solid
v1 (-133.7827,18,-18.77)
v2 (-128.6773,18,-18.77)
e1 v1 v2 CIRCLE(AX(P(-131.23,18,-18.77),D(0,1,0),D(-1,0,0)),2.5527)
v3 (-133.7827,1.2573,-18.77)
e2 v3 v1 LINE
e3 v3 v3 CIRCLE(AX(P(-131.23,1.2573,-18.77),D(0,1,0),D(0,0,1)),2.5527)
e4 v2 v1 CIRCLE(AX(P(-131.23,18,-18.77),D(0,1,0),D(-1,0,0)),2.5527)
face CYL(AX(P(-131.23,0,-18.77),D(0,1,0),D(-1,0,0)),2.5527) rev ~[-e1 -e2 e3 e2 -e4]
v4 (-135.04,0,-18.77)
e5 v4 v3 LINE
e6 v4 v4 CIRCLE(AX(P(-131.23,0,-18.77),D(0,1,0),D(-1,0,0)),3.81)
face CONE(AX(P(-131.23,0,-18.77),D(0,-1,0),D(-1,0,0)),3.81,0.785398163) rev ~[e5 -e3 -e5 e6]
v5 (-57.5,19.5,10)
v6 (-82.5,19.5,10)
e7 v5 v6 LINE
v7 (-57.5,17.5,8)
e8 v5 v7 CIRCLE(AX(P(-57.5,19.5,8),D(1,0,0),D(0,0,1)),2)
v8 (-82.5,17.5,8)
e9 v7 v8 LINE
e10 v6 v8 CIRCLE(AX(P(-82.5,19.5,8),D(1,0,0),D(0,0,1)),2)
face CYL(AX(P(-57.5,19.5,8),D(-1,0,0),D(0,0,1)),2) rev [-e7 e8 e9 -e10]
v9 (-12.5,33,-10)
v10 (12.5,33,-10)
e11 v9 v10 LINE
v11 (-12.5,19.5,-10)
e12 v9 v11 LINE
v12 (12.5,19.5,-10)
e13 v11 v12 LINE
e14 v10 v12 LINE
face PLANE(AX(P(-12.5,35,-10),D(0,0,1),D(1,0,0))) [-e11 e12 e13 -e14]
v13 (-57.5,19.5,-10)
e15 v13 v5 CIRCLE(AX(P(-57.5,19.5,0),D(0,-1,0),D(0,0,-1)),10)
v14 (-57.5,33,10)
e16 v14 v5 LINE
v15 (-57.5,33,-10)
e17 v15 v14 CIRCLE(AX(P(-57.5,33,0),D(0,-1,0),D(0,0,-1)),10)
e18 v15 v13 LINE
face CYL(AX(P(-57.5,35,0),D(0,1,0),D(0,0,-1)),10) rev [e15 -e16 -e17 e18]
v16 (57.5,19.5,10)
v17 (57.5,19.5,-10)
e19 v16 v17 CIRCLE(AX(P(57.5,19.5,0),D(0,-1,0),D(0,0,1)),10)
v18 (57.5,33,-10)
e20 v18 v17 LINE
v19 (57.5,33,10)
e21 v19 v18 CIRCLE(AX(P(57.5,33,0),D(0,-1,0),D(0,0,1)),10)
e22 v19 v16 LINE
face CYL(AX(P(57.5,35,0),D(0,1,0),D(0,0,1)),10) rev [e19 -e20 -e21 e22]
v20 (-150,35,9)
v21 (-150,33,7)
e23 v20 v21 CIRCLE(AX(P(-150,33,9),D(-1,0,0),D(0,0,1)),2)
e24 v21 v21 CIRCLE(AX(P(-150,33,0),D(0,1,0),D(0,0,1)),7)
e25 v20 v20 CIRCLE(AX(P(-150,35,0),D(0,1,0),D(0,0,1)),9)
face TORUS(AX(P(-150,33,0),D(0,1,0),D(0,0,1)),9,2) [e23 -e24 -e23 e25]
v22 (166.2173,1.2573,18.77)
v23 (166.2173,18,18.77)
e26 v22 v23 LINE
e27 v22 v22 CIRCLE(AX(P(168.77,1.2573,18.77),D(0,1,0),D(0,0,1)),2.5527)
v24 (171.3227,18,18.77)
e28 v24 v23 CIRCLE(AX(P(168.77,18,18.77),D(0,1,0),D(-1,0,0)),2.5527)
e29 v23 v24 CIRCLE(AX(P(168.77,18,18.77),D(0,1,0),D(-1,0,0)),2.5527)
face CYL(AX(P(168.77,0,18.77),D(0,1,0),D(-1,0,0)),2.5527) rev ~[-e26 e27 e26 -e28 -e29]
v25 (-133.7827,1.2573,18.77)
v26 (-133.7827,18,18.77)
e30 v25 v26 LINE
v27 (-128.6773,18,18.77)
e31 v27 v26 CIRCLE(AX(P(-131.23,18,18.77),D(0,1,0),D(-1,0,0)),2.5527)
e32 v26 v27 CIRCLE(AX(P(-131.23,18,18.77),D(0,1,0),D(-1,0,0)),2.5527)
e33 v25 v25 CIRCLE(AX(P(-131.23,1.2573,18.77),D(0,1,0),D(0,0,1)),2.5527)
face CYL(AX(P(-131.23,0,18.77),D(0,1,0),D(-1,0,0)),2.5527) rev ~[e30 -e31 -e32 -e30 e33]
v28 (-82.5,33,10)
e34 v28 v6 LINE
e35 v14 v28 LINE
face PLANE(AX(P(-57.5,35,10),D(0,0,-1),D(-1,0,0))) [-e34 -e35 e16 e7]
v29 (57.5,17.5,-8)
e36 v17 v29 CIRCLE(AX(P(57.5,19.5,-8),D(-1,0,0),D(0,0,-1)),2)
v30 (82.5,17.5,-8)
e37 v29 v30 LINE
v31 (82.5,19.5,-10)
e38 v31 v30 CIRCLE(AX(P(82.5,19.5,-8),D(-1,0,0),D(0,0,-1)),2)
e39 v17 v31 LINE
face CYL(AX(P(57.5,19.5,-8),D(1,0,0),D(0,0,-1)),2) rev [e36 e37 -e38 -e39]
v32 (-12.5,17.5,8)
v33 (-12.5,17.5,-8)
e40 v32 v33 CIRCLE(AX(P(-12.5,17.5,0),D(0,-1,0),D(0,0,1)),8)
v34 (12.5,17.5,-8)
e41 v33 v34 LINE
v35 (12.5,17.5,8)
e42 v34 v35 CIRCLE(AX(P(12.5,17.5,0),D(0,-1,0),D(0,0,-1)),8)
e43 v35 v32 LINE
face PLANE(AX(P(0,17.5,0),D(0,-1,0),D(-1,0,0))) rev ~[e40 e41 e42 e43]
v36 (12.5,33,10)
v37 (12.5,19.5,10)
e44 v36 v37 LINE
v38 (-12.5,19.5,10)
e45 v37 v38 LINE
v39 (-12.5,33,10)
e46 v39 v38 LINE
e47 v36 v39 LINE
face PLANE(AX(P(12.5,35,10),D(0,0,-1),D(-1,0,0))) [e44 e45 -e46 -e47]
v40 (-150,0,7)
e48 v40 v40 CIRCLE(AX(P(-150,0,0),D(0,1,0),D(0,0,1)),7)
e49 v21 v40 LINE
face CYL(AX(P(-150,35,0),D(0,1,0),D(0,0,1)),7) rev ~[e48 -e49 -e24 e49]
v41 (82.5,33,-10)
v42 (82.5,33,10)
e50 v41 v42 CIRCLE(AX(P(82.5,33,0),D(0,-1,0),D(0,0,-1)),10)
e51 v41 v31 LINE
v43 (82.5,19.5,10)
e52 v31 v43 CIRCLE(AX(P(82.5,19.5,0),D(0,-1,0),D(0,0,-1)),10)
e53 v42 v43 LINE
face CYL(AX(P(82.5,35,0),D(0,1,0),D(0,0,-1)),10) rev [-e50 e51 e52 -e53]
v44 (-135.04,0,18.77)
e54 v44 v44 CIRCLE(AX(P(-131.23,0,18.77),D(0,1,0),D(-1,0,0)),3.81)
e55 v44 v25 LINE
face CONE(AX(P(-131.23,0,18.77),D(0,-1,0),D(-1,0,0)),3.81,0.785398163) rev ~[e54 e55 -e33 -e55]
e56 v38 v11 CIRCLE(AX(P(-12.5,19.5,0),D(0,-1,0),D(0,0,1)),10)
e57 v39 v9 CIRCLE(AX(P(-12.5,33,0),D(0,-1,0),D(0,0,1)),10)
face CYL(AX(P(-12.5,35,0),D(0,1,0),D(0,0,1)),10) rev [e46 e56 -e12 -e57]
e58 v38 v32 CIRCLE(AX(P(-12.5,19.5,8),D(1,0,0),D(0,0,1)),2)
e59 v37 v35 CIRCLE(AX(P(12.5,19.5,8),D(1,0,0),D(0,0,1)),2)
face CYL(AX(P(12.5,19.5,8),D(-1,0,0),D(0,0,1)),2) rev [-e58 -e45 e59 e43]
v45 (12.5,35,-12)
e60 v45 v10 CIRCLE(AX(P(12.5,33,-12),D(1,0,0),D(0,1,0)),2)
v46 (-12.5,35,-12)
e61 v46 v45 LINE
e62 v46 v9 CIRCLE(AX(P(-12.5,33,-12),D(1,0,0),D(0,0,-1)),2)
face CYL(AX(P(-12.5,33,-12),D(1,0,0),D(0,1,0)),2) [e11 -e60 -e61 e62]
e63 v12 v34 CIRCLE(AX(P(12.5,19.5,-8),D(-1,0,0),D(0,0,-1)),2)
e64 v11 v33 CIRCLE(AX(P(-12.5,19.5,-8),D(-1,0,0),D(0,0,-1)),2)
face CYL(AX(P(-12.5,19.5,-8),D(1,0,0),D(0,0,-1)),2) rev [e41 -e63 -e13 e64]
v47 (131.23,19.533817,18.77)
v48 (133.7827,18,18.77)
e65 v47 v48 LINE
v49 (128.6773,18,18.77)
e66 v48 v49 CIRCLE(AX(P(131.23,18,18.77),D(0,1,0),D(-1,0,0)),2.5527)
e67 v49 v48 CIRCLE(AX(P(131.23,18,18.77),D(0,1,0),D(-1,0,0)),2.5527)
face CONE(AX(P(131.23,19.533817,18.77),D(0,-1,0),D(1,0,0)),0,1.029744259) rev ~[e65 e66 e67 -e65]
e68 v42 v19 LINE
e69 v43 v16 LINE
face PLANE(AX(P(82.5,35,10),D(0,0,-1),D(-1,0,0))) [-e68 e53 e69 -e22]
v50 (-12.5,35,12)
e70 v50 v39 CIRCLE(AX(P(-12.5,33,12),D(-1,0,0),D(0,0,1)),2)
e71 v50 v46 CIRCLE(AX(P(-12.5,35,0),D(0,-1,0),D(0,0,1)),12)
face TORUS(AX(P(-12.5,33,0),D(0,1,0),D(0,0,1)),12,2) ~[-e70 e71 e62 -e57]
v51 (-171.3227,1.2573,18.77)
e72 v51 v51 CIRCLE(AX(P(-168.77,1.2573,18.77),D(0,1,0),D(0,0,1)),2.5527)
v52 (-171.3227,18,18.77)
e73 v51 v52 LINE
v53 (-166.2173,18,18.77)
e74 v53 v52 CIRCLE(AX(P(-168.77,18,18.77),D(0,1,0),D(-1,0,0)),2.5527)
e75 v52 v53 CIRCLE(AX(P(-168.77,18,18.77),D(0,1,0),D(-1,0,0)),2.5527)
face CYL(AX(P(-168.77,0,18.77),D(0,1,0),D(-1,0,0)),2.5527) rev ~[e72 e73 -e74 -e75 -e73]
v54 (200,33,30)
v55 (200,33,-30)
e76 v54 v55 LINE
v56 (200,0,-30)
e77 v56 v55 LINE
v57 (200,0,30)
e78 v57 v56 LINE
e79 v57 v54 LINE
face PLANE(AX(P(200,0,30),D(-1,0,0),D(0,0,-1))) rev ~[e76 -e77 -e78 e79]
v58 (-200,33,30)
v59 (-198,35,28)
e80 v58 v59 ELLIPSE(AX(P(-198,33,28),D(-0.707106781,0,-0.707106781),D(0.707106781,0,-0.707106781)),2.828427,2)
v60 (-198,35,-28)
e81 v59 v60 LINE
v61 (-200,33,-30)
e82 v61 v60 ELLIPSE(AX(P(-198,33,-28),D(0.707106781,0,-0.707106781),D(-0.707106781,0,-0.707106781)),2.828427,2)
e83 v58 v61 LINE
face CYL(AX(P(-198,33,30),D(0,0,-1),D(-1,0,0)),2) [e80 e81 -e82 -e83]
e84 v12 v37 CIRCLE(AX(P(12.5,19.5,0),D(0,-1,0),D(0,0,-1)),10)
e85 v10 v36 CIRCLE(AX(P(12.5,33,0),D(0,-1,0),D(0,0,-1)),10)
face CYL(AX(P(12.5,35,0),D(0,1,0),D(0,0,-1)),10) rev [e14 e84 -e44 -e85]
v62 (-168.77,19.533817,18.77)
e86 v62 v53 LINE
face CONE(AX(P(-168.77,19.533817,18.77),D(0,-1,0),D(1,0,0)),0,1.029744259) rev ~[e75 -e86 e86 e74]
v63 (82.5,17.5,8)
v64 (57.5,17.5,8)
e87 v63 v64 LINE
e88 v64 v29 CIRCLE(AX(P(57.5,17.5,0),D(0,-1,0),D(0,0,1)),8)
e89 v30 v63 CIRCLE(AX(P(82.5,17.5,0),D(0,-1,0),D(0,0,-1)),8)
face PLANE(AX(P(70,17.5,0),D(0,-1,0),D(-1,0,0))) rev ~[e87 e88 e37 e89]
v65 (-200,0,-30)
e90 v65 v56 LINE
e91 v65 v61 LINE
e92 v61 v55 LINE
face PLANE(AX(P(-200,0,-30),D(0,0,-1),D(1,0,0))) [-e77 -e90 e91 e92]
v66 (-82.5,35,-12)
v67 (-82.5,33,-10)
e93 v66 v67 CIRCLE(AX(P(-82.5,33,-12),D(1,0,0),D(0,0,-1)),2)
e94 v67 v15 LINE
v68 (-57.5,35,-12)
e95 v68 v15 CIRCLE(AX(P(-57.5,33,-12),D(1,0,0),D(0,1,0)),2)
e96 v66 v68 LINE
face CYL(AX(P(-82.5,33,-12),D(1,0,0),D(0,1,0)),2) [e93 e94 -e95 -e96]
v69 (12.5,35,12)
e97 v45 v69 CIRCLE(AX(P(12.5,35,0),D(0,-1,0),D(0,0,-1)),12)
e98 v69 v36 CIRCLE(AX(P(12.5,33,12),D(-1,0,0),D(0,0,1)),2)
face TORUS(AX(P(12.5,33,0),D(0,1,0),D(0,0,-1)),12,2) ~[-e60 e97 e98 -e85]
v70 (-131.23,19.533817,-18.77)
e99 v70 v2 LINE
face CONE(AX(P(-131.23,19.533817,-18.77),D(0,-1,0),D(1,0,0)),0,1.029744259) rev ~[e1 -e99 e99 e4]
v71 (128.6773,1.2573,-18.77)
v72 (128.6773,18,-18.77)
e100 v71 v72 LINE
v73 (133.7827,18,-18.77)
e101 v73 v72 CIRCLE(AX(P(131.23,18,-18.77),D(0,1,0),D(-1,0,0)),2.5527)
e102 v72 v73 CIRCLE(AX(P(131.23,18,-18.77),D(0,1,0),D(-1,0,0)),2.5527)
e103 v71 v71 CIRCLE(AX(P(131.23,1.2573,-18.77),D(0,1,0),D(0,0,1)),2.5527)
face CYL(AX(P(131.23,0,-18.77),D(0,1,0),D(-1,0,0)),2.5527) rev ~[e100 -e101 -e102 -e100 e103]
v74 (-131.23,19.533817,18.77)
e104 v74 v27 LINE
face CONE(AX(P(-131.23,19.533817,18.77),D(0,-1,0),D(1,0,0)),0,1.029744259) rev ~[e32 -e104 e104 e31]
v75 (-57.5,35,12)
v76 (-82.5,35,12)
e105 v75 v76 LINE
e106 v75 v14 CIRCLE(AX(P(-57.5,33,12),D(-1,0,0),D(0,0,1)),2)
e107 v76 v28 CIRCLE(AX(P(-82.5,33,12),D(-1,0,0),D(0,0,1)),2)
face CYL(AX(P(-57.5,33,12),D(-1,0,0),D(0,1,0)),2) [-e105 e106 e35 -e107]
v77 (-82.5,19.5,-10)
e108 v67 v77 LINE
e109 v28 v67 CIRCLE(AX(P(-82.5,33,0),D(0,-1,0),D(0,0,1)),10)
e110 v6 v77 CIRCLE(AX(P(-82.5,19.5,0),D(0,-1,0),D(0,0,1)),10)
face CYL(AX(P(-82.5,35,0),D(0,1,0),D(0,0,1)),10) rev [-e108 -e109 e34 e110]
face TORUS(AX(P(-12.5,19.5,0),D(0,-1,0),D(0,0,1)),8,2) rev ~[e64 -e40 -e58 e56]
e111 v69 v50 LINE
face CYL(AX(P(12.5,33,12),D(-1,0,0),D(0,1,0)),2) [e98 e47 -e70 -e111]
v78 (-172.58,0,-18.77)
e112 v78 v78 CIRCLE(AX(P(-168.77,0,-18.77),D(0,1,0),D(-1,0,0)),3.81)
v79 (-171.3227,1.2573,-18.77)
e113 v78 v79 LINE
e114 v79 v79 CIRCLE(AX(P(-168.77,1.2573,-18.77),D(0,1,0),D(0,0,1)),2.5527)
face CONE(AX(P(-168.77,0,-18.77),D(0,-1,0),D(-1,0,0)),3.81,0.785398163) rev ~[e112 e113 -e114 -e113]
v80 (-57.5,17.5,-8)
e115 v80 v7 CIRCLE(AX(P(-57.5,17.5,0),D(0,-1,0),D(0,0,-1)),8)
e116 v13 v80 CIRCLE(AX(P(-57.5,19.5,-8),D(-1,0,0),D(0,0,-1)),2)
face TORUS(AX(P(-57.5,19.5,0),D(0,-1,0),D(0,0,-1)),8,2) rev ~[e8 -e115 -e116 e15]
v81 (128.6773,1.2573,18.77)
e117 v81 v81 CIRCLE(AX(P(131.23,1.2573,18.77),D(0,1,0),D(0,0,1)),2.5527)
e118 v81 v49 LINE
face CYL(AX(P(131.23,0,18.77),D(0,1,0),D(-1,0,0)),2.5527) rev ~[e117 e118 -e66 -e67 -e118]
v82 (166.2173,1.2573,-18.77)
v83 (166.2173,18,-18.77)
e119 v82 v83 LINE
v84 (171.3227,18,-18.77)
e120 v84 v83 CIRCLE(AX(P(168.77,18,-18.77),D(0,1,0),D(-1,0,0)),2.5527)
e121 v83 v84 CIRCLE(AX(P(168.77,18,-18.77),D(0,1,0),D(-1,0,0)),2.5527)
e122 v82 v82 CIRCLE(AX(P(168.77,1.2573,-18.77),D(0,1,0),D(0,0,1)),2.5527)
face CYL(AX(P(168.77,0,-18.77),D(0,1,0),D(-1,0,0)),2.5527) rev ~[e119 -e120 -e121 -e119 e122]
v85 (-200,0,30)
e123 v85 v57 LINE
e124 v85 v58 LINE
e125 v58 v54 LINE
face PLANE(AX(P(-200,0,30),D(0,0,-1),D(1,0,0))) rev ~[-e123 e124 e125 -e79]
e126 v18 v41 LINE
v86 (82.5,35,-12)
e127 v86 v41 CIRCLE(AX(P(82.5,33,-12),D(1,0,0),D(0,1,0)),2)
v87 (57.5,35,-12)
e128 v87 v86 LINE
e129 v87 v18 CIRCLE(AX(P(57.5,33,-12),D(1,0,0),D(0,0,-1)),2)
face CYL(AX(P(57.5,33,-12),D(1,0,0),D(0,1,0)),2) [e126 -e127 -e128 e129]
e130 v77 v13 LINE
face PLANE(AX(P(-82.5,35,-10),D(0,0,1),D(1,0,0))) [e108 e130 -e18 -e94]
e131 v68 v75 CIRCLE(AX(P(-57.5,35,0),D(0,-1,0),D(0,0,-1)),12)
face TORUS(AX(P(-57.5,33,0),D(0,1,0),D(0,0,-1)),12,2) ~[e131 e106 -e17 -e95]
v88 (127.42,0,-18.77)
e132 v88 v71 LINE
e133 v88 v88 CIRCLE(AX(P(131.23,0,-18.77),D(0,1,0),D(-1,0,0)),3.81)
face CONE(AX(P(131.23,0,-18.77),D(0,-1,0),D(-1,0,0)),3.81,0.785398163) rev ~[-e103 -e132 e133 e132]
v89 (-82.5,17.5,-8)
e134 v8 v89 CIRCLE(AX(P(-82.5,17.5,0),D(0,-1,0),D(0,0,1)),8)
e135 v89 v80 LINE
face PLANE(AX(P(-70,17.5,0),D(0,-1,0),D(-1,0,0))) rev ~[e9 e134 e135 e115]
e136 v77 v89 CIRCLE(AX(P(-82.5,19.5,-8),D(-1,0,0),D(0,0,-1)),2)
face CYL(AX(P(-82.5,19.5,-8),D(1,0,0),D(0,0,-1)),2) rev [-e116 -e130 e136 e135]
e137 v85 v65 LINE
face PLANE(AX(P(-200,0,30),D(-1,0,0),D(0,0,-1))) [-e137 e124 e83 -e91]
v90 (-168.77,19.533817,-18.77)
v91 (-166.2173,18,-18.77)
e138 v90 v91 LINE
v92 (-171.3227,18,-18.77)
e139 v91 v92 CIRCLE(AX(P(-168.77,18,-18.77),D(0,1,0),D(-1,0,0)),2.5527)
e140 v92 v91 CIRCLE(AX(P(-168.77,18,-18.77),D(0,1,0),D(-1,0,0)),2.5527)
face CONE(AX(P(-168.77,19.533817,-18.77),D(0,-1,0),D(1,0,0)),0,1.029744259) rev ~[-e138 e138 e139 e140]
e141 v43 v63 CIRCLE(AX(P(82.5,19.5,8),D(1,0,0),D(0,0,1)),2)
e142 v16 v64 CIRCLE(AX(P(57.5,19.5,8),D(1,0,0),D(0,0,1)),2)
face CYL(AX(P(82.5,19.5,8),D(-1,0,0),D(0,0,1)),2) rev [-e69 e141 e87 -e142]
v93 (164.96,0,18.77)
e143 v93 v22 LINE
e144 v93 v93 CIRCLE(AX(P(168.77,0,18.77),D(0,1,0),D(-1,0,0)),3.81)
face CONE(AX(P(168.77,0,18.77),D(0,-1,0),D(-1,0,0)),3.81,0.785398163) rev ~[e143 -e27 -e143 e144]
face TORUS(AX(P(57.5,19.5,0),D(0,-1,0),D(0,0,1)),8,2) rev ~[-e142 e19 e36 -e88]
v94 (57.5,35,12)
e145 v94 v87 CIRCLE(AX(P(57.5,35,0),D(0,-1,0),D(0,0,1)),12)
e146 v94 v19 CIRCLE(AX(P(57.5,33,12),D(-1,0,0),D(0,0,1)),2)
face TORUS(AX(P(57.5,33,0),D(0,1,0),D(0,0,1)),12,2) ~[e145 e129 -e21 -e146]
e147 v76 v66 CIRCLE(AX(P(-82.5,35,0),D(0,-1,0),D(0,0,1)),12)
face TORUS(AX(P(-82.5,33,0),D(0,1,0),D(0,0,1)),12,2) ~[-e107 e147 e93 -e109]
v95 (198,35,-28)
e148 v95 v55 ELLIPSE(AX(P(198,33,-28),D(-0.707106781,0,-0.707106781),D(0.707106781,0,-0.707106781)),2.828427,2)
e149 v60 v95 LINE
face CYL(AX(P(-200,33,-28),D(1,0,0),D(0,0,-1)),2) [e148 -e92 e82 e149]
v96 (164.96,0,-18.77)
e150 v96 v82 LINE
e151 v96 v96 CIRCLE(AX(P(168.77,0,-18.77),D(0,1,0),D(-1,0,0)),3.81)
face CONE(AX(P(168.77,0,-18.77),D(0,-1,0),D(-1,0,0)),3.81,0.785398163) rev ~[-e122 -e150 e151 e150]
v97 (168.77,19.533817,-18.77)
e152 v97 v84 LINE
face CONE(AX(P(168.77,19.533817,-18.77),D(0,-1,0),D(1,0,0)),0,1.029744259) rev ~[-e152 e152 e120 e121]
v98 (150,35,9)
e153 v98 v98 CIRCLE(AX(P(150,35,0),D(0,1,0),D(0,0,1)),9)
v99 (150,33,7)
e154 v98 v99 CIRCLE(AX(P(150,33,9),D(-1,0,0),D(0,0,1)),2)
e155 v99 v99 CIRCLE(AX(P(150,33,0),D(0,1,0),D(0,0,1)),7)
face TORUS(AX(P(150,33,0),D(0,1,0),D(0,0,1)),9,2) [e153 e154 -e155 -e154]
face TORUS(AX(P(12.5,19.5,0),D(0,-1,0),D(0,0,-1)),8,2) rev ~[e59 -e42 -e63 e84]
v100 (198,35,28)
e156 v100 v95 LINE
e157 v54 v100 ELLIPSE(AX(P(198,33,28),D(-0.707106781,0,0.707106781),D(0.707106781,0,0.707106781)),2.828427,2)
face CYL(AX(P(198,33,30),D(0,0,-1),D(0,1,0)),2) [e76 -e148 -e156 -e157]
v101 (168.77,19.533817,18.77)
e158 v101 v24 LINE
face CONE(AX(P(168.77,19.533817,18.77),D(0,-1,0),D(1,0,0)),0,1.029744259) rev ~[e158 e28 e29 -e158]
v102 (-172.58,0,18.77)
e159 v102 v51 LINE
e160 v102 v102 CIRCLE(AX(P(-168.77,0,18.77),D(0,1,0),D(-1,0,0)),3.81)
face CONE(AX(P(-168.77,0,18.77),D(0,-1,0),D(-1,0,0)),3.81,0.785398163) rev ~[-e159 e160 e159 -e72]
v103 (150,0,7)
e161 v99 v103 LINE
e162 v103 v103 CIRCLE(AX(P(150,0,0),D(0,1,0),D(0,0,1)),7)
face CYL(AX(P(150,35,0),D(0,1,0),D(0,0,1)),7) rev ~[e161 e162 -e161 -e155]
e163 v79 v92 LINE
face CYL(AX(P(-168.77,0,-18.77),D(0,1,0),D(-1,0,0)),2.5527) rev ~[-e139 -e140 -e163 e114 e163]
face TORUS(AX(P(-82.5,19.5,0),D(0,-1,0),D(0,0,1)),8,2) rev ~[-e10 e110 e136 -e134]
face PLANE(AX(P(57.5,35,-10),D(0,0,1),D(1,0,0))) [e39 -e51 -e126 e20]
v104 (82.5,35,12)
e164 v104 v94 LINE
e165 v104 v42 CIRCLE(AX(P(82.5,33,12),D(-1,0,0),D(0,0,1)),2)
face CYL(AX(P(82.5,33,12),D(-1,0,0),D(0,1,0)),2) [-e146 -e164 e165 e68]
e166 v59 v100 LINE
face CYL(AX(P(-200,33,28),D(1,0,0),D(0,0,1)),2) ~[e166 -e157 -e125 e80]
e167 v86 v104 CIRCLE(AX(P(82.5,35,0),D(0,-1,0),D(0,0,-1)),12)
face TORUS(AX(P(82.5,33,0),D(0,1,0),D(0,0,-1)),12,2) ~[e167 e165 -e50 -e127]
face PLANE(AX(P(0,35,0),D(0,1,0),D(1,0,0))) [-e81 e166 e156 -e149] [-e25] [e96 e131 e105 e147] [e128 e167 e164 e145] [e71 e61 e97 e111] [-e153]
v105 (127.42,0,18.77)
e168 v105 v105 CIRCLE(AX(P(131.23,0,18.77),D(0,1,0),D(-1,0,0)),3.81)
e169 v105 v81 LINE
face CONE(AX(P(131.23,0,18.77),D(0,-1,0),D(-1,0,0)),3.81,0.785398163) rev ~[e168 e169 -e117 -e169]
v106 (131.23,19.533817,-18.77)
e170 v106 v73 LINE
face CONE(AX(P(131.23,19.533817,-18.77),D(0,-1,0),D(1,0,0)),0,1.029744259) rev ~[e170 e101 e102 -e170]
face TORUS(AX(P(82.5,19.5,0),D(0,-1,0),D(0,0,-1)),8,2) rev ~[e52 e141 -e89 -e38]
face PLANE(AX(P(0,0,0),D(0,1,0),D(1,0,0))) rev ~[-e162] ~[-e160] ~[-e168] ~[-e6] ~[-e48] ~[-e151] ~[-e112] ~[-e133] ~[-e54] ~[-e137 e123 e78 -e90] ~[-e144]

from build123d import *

# Parameters (mm, degrees)
SKETCH1_W                         = 400
SKETCH1_H                         = 60
BOSS_EXTRUDE1_DEPTH               = 35
SKETCH2_R                         = 7
CUT_EXTRUDE1_DEPTH                = 206.243757518
F_1_4_20_TAPPED_HOLE1_D           = 5.1054
F_1_4_20_TAPPED_HOLE1_DEPTH       = 18
F_1_4_20_TAPPED_HOLE1_CSINK_D     = 7.62
F_1_4_20_TAPPED_HOLE1_CSINK_ANGLE = 90
F_1_4_20_TAPPED_HOLE1_TIP         = 1.533816902
CUT_EXTRUDE4_DEPTH                = 17.5
FILLET1_R                         = 2


with BuildPart() as part:
    # Sketch1 → Boss-Extrude1 (new body)
    with BuildSketch(Plane(origin=(0, 0, 0), x_dir=(1, 0, 0), z_dir=(0, 1, 0))):
        Rectangle(SKETCH1_W, SKETCH1_H)
    extrude(amount=BOSS_EXTRUDE1_DEPTH)

    # Sketch2 → Cut-Extrude1 (cut, through all)
    with BuildSketch(Plane(origin=(0, 35, 0), x_dir=(1, 0, 0), z_dir=(0, 1, 0))):
        with Locations(Location((-150, 0, 0), (0, 0, 270))):
            Circle(SKETCH2_R)
        with Locations(Location((150, 0, 0), (0, 0, 270))):
            Circle(SKETCH2_R)
    extrude(amount=-CUT_EXTRUDE1_DEPTH, mode=Mode.SUBTRACT)

    # 1/4-20 Tapped Hole1
    with Locations(Plane.XZ):
        with Locations((-168.77, 18.77), (-131.23, 18.77), (-131.23, -18.77), (-168.77, -18.77), (131.23, 18.77), (168.77, 18.77), (168.77, -18.77), (131.23, -18.77)):
            CounterSinkHole(F_1_4_20_TAPPED_HOLE1_D / 2, F_1_4_20_TAPPED_HOLE1_CSINK_D / 2, depth=F_1_4_20_TAPPED_HOLE1_DEPTH, counter_sink_angle=F_1_4_20_TAPPED_HOLE1_CSINK_ANGLE)
            with Locations((0, 0, -(F_1_4_20_TAPPED_HOLE1_DEPTH + F_1_4_20_TAPPED_HOLE1_TIP / 2))):  # 118° drill point
                Cone(0, F_1_4_20_TAPPED_HOLE1_D / 2, F_1_4_20_TAPPED_HOLE1_TIP, mode=Mode.SUBTRACT)

    # Sketch10 → Cut-Extrude4 (cut)
    with BuildSketch(Plane(origin=(0, 35, 0), x_dir=(1, 0, 0), z_dir=(0, 1, 0))):
        with BuildLine():
            Line((-12.5, 10), (12.5, 10))
            ThreePointArc((12.5, 10), (22.5, 0), (12.5, -10))
            Line((12.5, -10), (-12.5, -10))
            ThreePointArc((-12.5, -10), (-22.5, 0), (-12.5, 10))
        make_face()
        with BuildLine():
            Line((57.5, 10), (82.5, 10))
            ThreePointArc((82.5, 10), (92.5, 0), (82.5, -10))
            Line((82.5, -10), (57.5, -10))
            ThreePointArc((57.5, -10), (47.5, 0), (57.5, 10))
        make_face()
        with BuildLine():
            Line((-82.5, 10), (-57.5, 10))
            ThreePointArc((-57.5, 10), (-47.5, 0), (-57.5, -10))
            Line((-57.5, -10), (-82.5, -10))
            ThreePointArc((-82.5, -10), (-92.5, 0), (-82.5, 10))
        make_face()
    extrude(amount=-CUT_EXTRUDE4_DEPTH, mode=Mode.SUBTRACT)

    # Fillet1
    fillet1_edges = [part.edges().sort_by_distance(p)[0] for p in [
        (-92.5, 17.5, 0),
        (-70, 17.5, -10),
        (-47.5, 17.5, 0),
        (-70, 17.5, 10),
        (-92.5, 35, 0),
        (-70, 35, 10),
        (-47.5, 35, 0),
        (-70, 35, -10),
        (47.5, 17.5, 0),
        (70, 17.5, -10),
        (92.5, 17.5, 0),
        (70, 17.5, 10),
        (47.5, 35, 0),
        (70, 35, 10),
        (92.5, 35, 0),
        (70, 35, -10),
        (-200, 35, 0),
        (-22.5, 17.5, 0),
        (0, 17.5, -10),
        (22.5, 17.5, 0),
        (0, 17.5, 10),
        (-22.5, 35, 0),
        (0, 35, 10),
        (22.5, 35, 0),
        (0, 35, -10),
        (0, 35, 30),
        (-150, 35, -7),
        (150, 35, -7),
        (200, 35, 0),
        (0, 35, -30),
    ]]
    fillet(fillet1_edges, radius=FILLET1_R)


solid = part.part
